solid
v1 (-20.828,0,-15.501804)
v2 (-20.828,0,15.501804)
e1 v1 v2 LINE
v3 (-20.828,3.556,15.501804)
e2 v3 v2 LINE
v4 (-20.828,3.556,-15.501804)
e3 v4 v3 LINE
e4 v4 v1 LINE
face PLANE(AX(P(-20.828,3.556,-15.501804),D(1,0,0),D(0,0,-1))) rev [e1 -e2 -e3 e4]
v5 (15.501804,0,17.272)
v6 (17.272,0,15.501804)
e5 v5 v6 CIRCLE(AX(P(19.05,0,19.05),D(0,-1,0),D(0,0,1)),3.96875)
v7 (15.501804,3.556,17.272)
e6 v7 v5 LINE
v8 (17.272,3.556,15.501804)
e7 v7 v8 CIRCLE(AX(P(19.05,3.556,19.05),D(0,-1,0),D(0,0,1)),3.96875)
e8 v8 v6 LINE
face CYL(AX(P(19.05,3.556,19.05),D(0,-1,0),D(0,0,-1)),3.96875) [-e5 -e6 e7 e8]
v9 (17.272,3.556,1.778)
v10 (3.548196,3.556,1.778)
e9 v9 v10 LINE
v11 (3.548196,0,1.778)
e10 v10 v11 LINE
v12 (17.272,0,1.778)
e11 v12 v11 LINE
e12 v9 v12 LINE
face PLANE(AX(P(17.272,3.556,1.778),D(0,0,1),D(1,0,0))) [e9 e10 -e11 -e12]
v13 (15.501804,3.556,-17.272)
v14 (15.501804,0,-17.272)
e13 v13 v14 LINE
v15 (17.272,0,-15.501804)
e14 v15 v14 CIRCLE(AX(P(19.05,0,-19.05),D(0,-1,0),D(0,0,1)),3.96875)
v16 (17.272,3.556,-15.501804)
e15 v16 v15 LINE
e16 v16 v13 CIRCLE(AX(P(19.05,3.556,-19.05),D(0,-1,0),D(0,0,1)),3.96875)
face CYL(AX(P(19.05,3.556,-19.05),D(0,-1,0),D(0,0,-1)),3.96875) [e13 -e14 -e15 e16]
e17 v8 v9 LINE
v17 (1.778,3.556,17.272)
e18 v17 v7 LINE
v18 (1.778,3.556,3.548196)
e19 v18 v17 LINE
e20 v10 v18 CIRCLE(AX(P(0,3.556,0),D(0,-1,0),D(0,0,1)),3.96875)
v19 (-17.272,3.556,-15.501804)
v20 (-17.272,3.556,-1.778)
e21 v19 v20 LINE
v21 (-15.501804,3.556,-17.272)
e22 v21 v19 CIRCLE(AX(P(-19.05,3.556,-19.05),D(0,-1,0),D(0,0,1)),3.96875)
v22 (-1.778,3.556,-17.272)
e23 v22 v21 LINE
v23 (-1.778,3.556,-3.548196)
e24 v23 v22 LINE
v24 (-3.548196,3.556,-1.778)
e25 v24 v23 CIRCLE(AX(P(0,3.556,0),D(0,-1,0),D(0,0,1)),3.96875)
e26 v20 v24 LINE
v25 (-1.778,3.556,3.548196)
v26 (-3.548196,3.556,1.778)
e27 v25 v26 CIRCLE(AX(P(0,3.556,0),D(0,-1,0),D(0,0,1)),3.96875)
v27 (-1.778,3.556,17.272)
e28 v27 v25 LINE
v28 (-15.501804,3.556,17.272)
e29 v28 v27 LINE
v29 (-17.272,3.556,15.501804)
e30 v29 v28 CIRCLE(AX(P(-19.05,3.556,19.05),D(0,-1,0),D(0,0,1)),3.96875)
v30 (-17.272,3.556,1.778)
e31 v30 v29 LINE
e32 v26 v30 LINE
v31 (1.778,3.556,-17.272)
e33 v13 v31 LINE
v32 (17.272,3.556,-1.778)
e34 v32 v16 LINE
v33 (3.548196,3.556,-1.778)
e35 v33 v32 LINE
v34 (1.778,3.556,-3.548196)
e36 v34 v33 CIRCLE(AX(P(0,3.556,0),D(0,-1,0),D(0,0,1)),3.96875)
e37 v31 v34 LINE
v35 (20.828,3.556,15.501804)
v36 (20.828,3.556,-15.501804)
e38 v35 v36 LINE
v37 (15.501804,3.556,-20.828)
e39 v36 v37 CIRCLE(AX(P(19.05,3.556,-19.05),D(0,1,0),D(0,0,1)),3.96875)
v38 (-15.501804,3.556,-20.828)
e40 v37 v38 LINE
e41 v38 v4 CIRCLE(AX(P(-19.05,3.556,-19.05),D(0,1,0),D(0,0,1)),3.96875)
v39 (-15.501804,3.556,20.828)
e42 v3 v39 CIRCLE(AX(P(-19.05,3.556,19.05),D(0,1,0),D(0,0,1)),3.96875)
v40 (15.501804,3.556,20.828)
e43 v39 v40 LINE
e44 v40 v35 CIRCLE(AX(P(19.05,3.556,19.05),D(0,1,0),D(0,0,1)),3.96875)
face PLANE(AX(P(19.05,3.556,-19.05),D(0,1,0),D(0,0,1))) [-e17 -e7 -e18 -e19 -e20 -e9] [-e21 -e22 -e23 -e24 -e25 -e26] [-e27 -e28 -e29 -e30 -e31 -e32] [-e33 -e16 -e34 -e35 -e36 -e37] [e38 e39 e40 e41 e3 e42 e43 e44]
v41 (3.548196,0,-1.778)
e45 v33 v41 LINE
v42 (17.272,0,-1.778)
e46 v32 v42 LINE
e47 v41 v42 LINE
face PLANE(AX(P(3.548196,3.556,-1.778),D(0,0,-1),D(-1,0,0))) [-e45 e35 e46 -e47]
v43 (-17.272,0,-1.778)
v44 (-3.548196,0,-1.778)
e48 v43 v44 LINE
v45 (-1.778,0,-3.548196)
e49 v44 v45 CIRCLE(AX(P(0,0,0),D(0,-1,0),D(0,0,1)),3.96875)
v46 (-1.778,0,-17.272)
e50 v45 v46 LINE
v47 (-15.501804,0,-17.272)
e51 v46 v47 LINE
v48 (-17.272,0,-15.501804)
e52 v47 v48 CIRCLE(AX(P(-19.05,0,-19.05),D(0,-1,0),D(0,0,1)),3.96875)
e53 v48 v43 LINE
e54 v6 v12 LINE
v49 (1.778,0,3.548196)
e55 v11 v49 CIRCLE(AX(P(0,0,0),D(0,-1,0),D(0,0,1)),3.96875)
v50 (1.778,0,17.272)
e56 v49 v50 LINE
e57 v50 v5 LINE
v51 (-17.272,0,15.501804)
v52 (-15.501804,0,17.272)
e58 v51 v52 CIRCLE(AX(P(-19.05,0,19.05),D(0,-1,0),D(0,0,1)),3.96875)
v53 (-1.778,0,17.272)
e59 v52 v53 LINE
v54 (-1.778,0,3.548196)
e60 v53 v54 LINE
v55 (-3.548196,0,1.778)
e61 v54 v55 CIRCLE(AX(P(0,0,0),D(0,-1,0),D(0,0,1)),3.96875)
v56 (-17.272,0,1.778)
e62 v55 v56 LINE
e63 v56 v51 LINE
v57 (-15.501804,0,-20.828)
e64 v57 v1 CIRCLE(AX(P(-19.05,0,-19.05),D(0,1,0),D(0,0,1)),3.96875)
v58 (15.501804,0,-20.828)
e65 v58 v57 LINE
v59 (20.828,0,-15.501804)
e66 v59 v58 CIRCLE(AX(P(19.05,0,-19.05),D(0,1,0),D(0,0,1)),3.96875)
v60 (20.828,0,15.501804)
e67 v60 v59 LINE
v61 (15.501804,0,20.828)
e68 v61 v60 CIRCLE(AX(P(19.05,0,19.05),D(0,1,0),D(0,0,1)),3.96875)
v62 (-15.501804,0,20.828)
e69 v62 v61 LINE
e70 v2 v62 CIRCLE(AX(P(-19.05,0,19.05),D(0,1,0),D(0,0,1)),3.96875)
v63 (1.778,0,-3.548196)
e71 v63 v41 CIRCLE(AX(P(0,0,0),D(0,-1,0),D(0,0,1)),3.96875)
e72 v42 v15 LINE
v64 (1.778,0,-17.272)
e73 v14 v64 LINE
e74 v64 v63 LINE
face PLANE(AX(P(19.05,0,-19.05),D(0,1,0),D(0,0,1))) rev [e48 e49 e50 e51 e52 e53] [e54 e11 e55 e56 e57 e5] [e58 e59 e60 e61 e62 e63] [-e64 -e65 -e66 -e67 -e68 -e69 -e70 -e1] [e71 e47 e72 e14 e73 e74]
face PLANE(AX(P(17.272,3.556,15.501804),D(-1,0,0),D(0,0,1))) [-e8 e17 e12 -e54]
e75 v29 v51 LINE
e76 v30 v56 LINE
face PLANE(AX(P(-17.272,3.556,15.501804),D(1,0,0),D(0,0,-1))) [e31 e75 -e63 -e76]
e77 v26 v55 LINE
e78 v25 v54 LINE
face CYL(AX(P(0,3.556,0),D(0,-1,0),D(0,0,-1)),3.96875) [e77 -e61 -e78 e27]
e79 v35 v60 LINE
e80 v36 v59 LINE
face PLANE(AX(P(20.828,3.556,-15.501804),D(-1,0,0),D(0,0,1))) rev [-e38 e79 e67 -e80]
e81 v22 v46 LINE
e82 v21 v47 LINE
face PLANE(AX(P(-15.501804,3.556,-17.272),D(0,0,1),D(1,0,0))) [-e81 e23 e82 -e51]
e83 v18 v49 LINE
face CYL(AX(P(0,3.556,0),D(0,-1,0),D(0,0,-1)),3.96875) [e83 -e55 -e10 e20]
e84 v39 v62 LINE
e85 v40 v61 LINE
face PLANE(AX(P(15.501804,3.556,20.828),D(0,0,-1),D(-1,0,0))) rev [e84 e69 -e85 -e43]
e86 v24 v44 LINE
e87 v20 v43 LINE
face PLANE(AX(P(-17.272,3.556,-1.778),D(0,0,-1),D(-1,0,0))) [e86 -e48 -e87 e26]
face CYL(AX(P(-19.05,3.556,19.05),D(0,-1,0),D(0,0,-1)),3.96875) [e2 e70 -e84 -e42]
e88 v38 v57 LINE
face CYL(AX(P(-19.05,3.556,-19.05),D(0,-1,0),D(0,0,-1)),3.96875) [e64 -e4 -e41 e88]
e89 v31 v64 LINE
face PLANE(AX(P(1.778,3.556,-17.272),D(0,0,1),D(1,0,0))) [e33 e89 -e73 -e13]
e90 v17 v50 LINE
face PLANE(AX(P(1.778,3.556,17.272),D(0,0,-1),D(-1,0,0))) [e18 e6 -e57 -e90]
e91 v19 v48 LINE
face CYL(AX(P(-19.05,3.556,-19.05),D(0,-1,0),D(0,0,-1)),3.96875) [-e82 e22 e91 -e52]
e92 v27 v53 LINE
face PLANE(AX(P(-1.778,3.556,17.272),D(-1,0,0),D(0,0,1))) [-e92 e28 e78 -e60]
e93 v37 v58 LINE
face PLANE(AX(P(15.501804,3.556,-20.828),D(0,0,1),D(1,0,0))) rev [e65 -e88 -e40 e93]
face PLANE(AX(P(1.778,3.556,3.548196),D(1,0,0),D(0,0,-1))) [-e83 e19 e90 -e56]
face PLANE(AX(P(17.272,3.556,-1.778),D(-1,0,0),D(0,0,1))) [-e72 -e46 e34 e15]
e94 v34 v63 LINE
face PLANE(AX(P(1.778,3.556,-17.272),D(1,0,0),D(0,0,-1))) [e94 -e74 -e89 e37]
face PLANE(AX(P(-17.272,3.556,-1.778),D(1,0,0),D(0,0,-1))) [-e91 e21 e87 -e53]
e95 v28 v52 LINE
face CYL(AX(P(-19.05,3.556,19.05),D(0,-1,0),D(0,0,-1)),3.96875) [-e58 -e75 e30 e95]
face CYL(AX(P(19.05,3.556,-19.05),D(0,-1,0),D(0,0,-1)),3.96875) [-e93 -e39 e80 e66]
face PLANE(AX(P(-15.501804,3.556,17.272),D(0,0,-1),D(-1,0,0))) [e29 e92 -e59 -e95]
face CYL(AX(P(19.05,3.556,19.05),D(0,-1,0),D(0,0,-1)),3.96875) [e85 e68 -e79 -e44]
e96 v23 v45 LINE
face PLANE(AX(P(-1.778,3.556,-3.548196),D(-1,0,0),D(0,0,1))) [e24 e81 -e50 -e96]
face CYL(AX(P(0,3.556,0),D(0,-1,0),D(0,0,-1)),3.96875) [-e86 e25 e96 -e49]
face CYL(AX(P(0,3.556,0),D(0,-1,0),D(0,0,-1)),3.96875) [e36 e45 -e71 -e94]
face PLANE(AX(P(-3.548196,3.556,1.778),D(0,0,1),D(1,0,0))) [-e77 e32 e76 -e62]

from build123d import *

# Parameters (mm, degrees)
BOSS_EXTRUDE1_DEPTH = 3.556


with BuildPart() as part:
    # Sketch2 → Boss-Extrude1 (new body)
    with BuildSketch(Plane(origin=(0, 0, 0), x_dir=(1, 0, 0), z_dir=(0, 1, 0))):
        with BuildLine():
            Line((15.501804323, -20.828), (-15.501804323, -20.828))
            ThreePointArc((-15.501804323, -20.828), (-21.856330038, -21.856330038), (-20.828, -15.501804323))
            Line((-20.828, -15.501804323), (-20.828, 15.501804323))
            ThreePointArc((-20.828, 15.501804323), (-21.856330038, 21.856330038), (-15.501804323, 20.828))
            Line((-15.501804323, 20.828), (15.501804323, 20.828))
            ThreePointArc((15.501804323, 20.828), (21.856330038, 21.856330038), (20.828, 15.501804323))
            Line((20.828, 15.501804323), (20.828, -15.501804323))
            ThreePointArc((20.828, -15.501804323), (21.856330038, -21.856330038), (15.501804323, -20.828))
        make_face()
        with BuildLine():
            Line((-15.501804323, -17.272), (-1.778, -17.272))
            Line((-1.778, -17.272), (-1.778, -3.548195677))
            ThreePointArc((-1.778, -3.548195677), (-2.806330038, -2.806330038), (-3.548195677, -1.778))
            Line((-3.548195677, -1.778), (-17.272, -1.778))
            Line((-17.272, -1.778), (-17.272, -15.501804323))
            ThreePointArc((-17.272, -15.501804323), (-16.243669962, -16.243669962), (-15.501804323, -17.272))
        make_face(mode=Mode.SUBTRACT)
        with BuildLine():
            Line((-15.501804323, 17.272), (-1.778, 17.272))
            Line((-1.778, 17.272), (-1.778, 3.548195677))
            ThreePointArc((-1.778, 3.548195677), (-2.806330038, 2.806330038), (-3.548195677, 1.778))
            Line((-3.548195677, 1.778), (-17.272, 1.778))
            Line((-17.272, 1.778), (-17.272, 15.501804323))
            ThreePointArc((-17.272, 15.501804323), (-16.243669962, 16.243669962), (-15.501804323, 17.272))
        make_face(mode=Mode.SUBTRACT)
        with BuildLine():
            Line((17.272, -15.501804323), (17.272, -1.778))
            Line((17.272, -1.778), (3.548195677, -1.778))
            ThreePointArc((3.548195677, -1.778), (2.806330038, -2.806330038), (1.778, -3.548195677))
            Line((1.778, -3.548195677), (1.778, -17.272))
            Line((1.778, -17.272), (15.501804323, -17.272))
            ThreePointArc((15.501804323, -17.272), (16.243669962, -16.243669962), (17.272, -15.501804323))
        make_face(mode=Mode.SUBTRACT)
        with BuildLine():
            Line((1.778, 17.272), (1.778, 3.548195677))
            ThreePointArc((1.778, 3.548195677), (2.806330038, 2.806330038), (3.548195677, 1.778))
            Line((3.548195677, 1.778), (17.272, 1.778))
            Line((17.272, 1.778), (17.272, 15.501804323))
            ThreePointArc((17.272, 15.501804323), (16.243669962, 16.243669962), (15.501804323, 17.272))
            Line((15.501804323, 17.272), (1.778, 17.272))
        make_face(mode=Mode.SUBTRACT)
    extrude(amount=BOSS_EXTRUDE1_DEPTH)


solid = part.part
